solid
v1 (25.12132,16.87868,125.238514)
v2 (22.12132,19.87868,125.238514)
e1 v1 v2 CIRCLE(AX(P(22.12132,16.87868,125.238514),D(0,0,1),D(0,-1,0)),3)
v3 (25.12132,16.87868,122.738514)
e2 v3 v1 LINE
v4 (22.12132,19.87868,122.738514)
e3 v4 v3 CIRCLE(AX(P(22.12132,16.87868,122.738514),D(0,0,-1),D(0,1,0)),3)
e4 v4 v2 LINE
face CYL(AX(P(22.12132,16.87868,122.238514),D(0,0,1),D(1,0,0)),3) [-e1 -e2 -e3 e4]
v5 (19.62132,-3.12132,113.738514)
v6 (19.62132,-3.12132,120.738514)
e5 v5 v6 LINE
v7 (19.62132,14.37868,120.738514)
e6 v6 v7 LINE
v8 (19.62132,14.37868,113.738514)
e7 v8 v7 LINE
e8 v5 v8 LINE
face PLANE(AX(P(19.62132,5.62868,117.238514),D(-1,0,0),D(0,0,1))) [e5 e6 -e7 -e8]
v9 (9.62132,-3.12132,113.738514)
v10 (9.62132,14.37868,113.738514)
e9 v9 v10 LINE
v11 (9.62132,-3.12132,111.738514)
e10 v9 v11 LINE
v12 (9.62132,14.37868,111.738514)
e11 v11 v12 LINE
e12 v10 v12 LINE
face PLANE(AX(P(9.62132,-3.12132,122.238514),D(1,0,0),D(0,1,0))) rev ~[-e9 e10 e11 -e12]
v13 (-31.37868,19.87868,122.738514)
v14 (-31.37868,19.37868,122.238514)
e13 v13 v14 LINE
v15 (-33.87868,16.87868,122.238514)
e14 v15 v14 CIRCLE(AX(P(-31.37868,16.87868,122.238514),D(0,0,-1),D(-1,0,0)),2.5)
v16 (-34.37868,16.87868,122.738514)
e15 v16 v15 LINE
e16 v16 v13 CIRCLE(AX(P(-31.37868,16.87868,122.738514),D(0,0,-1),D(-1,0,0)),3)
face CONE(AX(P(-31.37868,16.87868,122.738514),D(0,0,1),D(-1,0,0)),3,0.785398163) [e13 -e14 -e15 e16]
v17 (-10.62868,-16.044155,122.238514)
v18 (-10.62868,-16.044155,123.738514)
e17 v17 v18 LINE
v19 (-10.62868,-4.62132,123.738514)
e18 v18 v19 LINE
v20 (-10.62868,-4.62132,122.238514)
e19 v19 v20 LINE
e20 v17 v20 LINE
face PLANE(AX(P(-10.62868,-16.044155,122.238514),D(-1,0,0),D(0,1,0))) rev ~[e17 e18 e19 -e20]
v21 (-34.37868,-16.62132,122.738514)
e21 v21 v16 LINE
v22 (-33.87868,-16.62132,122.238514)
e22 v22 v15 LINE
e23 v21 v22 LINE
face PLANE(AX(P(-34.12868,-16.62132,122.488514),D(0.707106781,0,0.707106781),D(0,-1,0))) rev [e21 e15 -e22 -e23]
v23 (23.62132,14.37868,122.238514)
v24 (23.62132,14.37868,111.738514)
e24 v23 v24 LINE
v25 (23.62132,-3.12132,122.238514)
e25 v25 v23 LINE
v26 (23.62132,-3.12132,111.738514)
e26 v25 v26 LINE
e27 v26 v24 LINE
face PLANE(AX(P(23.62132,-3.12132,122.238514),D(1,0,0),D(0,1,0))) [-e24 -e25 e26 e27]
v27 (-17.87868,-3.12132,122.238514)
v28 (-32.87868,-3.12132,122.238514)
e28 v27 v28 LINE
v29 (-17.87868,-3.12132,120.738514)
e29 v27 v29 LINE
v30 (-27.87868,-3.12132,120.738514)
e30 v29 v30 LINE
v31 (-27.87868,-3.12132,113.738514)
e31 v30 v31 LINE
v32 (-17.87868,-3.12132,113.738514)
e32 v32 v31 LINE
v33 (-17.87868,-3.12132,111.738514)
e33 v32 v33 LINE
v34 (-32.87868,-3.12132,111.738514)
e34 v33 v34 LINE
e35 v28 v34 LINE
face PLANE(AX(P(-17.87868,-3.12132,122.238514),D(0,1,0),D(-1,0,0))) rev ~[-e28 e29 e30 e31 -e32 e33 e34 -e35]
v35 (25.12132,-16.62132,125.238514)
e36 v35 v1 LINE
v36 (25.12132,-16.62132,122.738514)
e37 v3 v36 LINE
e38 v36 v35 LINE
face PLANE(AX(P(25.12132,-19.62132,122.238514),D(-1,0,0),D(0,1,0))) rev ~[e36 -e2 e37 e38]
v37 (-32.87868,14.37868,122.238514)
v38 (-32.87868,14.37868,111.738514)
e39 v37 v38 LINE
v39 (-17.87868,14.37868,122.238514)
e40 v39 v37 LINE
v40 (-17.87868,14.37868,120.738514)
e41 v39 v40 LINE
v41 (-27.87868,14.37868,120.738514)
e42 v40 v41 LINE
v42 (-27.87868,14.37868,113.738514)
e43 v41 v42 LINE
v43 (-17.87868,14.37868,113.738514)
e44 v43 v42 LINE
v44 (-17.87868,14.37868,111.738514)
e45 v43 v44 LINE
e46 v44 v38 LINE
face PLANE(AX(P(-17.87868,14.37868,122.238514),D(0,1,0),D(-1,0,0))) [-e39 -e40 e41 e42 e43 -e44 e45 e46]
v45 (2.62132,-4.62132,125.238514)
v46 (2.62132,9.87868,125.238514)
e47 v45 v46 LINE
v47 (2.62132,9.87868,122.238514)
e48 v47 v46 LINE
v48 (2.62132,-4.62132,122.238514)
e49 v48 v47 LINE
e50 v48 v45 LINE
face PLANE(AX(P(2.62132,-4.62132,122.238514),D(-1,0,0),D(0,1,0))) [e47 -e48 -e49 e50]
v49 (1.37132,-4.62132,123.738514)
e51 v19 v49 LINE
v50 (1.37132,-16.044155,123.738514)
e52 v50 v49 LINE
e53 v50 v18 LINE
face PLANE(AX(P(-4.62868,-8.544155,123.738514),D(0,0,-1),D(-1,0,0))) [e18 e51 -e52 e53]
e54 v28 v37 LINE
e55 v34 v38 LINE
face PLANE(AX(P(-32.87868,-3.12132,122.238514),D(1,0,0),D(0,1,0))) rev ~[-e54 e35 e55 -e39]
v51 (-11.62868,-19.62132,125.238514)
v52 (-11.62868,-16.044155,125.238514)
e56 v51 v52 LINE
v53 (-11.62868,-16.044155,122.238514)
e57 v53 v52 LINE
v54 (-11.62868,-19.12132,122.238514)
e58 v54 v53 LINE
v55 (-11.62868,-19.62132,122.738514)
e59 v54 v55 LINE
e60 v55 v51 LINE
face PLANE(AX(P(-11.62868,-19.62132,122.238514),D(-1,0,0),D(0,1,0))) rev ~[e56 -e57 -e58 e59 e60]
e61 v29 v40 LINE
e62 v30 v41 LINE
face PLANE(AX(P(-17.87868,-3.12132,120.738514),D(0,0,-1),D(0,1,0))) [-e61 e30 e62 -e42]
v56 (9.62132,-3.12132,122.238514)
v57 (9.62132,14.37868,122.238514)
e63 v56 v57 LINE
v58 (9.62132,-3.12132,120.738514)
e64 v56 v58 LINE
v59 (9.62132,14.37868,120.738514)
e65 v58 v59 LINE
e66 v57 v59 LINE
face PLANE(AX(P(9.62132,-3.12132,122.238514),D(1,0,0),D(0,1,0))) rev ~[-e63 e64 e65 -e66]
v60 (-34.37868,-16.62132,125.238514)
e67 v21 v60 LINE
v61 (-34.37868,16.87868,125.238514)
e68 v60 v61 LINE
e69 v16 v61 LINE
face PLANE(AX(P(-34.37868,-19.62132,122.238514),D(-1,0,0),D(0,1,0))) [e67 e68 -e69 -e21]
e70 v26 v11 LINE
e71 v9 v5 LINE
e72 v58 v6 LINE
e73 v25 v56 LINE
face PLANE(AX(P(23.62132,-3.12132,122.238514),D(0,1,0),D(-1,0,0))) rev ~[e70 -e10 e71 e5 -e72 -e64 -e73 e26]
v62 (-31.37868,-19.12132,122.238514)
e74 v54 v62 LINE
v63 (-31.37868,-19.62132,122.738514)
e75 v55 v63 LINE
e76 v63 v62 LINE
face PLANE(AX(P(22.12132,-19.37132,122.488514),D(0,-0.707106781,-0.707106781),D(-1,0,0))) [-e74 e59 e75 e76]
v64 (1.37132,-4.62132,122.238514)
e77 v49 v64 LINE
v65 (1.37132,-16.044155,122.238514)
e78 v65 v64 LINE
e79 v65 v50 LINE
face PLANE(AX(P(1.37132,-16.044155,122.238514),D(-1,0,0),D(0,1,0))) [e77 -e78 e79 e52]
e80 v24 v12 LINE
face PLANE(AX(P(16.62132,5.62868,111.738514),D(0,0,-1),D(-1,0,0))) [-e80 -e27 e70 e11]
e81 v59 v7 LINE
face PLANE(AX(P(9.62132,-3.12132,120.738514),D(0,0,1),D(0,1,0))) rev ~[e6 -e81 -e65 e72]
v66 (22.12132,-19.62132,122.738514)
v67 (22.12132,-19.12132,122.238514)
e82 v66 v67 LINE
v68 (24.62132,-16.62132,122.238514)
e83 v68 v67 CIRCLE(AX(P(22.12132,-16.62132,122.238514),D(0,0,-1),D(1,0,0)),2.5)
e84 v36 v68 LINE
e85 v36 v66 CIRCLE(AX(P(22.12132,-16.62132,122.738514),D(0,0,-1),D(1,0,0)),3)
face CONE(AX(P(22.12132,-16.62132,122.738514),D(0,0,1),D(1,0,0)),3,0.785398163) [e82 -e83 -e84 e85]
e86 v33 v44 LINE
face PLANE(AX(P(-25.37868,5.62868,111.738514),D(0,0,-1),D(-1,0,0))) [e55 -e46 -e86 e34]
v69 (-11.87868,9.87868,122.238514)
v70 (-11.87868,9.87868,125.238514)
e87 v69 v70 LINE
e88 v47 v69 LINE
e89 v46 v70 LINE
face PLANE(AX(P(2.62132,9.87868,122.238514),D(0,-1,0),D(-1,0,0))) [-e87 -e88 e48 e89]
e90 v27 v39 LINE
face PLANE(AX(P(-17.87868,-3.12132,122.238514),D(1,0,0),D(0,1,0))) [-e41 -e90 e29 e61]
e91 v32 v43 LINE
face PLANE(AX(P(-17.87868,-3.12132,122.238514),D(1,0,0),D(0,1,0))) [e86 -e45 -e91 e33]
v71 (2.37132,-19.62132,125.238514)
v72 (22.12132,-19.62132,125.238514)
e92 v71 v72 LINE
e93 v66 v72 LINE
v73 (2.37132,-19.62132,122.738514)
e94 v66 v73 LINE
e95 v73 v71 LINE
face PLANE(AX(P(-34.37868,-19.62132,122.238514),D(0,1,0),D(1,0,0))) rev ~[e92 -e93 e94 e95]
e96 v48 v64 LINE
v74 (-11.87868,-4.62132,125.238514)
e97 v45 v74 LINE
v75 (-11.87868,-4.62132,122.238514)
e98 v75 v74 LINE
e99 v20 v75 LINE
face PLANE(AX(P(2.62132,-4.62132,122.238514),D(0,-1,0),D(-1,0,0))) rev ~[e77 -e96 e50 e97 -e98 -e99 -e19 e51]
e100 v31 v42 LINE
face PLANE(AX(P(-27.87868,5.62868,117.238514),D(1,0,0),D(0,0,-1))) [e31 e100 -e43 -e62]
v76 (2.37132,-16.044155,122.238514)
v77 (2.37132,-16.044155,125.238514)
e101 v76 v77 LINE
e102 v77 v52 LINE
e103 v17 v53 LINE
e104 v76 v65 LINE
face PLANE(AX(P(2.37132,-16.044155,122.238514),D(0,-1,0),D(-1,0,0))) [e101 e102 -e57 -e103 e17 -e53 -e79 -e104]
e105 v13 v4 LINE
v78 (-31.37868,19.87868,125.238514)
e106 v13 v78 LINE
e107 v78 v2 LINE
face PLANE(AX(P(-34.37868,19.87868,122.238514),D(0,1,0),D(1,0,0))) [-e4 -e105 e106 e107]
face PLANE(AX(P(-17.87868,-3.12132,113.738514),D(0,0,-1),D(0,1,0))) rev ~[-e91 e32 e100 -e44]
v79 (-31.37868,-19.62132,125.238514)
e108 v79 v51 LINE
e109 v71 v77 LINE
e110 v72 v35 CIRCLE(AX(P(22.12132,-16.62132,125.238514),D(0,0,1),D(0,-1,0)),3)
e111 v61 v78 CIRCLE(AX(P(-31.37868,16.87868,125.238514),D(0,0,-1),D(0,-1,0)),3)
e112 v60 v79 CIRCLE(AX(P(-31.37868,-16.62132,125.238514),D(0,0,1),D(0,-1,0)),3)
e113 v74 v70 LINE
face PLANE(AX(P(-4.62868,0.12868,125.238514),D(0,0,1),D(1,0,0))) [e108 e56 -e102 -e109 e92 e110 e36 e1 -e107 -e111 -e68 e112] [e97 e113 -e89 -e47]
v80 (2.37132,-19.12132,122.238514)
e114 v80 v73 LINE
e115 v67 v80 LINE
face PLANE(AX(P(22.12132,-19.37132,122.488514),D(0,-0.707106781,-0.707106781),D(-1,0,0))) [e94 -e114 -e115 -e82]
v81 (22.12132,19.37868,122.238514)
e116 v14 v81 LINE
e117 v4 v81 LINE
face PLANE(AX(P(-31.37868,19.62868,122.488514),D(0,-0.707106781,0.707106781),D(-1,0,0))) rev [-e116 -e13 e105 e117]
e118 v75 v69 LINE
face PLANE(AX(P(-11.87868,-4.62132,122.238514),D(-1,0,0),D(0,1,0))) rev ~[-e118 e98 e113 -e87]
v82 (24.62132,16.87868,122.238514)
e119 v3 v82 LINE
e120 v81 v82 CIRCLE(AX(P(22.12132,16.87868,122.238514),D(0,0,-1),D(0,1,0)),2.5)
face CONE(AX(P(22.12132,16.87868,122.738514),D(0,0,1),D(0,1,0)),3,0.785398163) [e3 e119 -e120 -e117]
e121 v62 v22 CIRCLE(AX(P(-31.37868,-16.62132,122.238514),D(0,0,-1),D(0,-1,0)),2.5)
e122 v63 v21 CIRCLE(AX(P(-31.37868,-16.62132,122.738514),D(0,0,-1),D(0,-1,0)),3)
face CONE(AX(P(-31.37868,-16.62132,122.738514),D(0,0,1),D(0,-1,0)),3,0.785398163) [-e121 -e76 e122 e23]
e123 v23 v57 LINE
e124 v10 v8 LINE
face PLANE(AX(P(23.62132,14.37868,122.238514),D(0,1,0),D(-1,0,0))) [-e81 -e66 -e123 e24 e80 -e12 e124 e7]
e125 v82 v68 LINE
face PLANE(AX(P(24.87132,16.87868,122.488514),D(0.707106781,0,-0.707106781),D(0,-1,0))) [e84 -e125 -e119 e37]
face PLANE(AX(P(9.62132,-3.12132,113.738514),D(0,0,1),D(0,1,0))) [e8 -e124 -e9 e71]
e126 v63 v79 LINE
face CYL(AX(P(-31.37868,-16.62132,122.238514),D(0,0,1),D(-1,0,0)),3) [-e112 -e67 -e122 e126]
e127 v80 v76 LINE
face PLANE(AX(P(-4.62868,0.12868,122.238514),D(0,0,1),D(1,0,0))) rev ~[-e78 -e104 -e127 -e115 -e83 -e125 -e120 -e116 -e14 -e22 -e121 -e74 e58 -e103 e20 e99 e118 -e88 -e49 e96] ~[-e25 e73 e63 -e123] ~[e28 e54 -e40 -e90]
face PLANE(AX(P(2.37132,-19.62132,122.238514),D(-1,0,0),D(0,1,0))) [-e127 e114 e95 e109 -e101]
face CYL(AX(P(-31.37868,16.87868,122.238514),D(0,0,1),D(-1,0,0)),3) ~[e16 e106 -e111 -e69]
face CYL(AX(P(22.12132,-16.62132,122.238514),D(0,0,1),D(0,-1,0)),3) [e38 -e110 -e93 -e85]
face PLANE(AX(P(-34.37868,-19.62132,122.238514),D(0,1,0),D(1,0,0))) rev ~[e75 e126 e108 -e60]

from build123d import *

# Parameters (mm, degrees)
SKETCH2_W           = 59.5
SKETCH2_H           = 39.5
BOSS_EXTRUDE1_DEPTH = 3
FILLET1_R           = 3
CHAMFER1_SIZE       = 0.5
SKETCH3_W           = 14
SKETCH3_H           = 17.5
SKETCH3_W_2         = 15
BOSS_EXTRUDE2_DEPTH = 10.5
CUT_EXTRUDE1_REACH  = 43.077
SKETCH4_W           = 14
SKETCH4_H           = 3.577165811
SKETCH4_W_2         = 14.5
SKETCH4_H_2         = 14.5
SKETCH5_W           = 12
SKETCH5_H           = 15
CUT_EXTRUDE2_DEPTH  = 1.5
SKETCH6_W           = 7
SKETCH6_H           = 17.5
CUT_EXTRUDE3_DEPTH  = 10
SKETCH7_W           = 7
SKETCH7_H           = 17.5
CUT_EXTRUDE4_DEPTH  = 10


with BuildPart() as part:
    # Sketch2 → Boss-Extrude1 (new body)
    with BuildSketch(Plane.XY.offset(122.238514037)):
        with Locations((-4.628679656, 0.128679656)):
            Rectangle(SKETCH2_W, SKETCH2_H)
    extrude(amount=BOSS_EXTRUDE1_DEPTH)

    # Fillet1
    fillet1_edges = [part.edges().sort_by_distance(p)[0] for p in [
        (-34.378679656, 19.878679656, 123.738514037),
        (25.121320344, 19.878679656, 123.738514037),
        (25.121320344, -19.621320344, 123.738514037),
        (-34.378679656, -19.621320344, 123.738514037),
    ]]
    fillet(fillet1_edges, radius=FILLET1_R)

    # Chamfer1
    chamfer1_edges = [part.edges().sort_by_distance(p)[0] for p in [
        (-34.378679656, 0.128679656, 122.238514037),
        (-4.628679656, 19.878679656, 122.238514037),
        (25.121320344, 0.128679656, 122.238514037),
        (-4.628679656, -19.621320344, 122.238514037),
        (-33.5, -18.742640687, 122.238514037),
        (24.242640687, -18.742640687, 122.238514037),
        (24.242640687, 19, 122.238514037),
        (-33.5, 19, 122.238514037),
    ]]
    chamfer(chamfer1_edges, length=CHAMFER1_SIZE)

    # Sketch3 → Boss-Extrude2 (add)
    with BuildSketch(Plane(origin=(0, 0, 122.238514037), x_dir=(-1, 0, 0), z_dir=(0, 0, -1))):
        with Locations((-16.621320344, 5.628679656)):
            Rectangle(SKETCH3_W, SKETCH3_H)
        with Locations((25.378679656, 5.628679656)):
            Rectangle(SKETCH3_W_2, SKETCH3_H)
    extrude(amount=BOSS_EXTRUDE2_DEPTH)

    # Sketch4 → Cut-Extrude1 (cut, up to next)
    with BuildSketch(Plane(origin=(0, 0, 122.238514037), x_dir=(-1, 0, 0), z_dir=(0, 0, -1)), mode=Mode.PRIVATE) as cut_extrude1_sk1:
        with Locations((4.628679656, -17.832737439)):
            Rectangle(SKETCH4_W, SKETCH4_H)
    cut_extrude1_tool1 = extrude(cut_extrude1_sk1.sketch, amount=-CUT_EXTRUDE1_REACH, mode=Mode.PRIVATE) & part.part
    # Sketch4 → Cut-Extrude1 (cut, up to next)
    with BuildSketch(Plane(origin=(0, 0, 122.238514037), x_dir=(-1, 0, 0), z_dir=(0, 0, -1)), mode=Mode.PRIVATE) as cut_extrude1_sk2:
        with Locations((4.628679656, 2.628679656)):
            Rectangle(SKETCH4_W_2, SKETCH4_H_2)
    cut_extrude1_tool2 = extrude(cut_extrude1_sk2.sketch, amount=-CUT_EXTRUDE1_REACH, mode=Mode.PRIVATE) & part.part
    add(cut_extrude1_tool1.solids().sort_by_distance((-4.62868, -17.832737, 122.238514))[0], mode=Mode.SUBTRACT)
    add(cut_extrude1_tool2.solids().sort_by_distance((-4.62868, 2.62868, 122.238514))[0], mode=Mode.SUBTRACT)

    # Sketch5 → Cut-Extrude2 (cut)
    with BuildSketch(Plane(origin=(0, 0, 122.238514037), x_dir=(-1, 0, 0), z_dir=(0, 0, -1))):
        with Locations((4.628679656, -8.544154533)):
            Rectangle(SKETCH5_W, SKETCH5_H)
    extrude(amount=-CUT_EXTRUDE2_DEPTH, mode=Mode.SUBTRACT)

    # Sketch6 → Cut-Extrude3 (cut)
    with BuildSketch(Plane.ZY.offset(-9.621320344)):
        with Locations((117.238514037, 5.628679656)):
            Rectangle(SKETCH6_W, SKETCH6_H)
    extrude(amount=-CUT_EXTRUDE3_DEPTH, mode=Mode.SUBTRACT)

    # Sketch7 → Cut-Extrude4 (cut)
    with BuildSketch(Plane(origin=(-17.878679656, 0, 0), x_dir=(0, 0, -1), z_dir=(1, 0, 0))):
        with Locations((-117.238514037, 5.628679656)):
            Rectangle(SKETCH7_W, SKETCH7_H)
    extrude(amount=-CUT_EXTRUDE4_DEPTH, mode=Mode.SUBTRACT)


solid = part.part
